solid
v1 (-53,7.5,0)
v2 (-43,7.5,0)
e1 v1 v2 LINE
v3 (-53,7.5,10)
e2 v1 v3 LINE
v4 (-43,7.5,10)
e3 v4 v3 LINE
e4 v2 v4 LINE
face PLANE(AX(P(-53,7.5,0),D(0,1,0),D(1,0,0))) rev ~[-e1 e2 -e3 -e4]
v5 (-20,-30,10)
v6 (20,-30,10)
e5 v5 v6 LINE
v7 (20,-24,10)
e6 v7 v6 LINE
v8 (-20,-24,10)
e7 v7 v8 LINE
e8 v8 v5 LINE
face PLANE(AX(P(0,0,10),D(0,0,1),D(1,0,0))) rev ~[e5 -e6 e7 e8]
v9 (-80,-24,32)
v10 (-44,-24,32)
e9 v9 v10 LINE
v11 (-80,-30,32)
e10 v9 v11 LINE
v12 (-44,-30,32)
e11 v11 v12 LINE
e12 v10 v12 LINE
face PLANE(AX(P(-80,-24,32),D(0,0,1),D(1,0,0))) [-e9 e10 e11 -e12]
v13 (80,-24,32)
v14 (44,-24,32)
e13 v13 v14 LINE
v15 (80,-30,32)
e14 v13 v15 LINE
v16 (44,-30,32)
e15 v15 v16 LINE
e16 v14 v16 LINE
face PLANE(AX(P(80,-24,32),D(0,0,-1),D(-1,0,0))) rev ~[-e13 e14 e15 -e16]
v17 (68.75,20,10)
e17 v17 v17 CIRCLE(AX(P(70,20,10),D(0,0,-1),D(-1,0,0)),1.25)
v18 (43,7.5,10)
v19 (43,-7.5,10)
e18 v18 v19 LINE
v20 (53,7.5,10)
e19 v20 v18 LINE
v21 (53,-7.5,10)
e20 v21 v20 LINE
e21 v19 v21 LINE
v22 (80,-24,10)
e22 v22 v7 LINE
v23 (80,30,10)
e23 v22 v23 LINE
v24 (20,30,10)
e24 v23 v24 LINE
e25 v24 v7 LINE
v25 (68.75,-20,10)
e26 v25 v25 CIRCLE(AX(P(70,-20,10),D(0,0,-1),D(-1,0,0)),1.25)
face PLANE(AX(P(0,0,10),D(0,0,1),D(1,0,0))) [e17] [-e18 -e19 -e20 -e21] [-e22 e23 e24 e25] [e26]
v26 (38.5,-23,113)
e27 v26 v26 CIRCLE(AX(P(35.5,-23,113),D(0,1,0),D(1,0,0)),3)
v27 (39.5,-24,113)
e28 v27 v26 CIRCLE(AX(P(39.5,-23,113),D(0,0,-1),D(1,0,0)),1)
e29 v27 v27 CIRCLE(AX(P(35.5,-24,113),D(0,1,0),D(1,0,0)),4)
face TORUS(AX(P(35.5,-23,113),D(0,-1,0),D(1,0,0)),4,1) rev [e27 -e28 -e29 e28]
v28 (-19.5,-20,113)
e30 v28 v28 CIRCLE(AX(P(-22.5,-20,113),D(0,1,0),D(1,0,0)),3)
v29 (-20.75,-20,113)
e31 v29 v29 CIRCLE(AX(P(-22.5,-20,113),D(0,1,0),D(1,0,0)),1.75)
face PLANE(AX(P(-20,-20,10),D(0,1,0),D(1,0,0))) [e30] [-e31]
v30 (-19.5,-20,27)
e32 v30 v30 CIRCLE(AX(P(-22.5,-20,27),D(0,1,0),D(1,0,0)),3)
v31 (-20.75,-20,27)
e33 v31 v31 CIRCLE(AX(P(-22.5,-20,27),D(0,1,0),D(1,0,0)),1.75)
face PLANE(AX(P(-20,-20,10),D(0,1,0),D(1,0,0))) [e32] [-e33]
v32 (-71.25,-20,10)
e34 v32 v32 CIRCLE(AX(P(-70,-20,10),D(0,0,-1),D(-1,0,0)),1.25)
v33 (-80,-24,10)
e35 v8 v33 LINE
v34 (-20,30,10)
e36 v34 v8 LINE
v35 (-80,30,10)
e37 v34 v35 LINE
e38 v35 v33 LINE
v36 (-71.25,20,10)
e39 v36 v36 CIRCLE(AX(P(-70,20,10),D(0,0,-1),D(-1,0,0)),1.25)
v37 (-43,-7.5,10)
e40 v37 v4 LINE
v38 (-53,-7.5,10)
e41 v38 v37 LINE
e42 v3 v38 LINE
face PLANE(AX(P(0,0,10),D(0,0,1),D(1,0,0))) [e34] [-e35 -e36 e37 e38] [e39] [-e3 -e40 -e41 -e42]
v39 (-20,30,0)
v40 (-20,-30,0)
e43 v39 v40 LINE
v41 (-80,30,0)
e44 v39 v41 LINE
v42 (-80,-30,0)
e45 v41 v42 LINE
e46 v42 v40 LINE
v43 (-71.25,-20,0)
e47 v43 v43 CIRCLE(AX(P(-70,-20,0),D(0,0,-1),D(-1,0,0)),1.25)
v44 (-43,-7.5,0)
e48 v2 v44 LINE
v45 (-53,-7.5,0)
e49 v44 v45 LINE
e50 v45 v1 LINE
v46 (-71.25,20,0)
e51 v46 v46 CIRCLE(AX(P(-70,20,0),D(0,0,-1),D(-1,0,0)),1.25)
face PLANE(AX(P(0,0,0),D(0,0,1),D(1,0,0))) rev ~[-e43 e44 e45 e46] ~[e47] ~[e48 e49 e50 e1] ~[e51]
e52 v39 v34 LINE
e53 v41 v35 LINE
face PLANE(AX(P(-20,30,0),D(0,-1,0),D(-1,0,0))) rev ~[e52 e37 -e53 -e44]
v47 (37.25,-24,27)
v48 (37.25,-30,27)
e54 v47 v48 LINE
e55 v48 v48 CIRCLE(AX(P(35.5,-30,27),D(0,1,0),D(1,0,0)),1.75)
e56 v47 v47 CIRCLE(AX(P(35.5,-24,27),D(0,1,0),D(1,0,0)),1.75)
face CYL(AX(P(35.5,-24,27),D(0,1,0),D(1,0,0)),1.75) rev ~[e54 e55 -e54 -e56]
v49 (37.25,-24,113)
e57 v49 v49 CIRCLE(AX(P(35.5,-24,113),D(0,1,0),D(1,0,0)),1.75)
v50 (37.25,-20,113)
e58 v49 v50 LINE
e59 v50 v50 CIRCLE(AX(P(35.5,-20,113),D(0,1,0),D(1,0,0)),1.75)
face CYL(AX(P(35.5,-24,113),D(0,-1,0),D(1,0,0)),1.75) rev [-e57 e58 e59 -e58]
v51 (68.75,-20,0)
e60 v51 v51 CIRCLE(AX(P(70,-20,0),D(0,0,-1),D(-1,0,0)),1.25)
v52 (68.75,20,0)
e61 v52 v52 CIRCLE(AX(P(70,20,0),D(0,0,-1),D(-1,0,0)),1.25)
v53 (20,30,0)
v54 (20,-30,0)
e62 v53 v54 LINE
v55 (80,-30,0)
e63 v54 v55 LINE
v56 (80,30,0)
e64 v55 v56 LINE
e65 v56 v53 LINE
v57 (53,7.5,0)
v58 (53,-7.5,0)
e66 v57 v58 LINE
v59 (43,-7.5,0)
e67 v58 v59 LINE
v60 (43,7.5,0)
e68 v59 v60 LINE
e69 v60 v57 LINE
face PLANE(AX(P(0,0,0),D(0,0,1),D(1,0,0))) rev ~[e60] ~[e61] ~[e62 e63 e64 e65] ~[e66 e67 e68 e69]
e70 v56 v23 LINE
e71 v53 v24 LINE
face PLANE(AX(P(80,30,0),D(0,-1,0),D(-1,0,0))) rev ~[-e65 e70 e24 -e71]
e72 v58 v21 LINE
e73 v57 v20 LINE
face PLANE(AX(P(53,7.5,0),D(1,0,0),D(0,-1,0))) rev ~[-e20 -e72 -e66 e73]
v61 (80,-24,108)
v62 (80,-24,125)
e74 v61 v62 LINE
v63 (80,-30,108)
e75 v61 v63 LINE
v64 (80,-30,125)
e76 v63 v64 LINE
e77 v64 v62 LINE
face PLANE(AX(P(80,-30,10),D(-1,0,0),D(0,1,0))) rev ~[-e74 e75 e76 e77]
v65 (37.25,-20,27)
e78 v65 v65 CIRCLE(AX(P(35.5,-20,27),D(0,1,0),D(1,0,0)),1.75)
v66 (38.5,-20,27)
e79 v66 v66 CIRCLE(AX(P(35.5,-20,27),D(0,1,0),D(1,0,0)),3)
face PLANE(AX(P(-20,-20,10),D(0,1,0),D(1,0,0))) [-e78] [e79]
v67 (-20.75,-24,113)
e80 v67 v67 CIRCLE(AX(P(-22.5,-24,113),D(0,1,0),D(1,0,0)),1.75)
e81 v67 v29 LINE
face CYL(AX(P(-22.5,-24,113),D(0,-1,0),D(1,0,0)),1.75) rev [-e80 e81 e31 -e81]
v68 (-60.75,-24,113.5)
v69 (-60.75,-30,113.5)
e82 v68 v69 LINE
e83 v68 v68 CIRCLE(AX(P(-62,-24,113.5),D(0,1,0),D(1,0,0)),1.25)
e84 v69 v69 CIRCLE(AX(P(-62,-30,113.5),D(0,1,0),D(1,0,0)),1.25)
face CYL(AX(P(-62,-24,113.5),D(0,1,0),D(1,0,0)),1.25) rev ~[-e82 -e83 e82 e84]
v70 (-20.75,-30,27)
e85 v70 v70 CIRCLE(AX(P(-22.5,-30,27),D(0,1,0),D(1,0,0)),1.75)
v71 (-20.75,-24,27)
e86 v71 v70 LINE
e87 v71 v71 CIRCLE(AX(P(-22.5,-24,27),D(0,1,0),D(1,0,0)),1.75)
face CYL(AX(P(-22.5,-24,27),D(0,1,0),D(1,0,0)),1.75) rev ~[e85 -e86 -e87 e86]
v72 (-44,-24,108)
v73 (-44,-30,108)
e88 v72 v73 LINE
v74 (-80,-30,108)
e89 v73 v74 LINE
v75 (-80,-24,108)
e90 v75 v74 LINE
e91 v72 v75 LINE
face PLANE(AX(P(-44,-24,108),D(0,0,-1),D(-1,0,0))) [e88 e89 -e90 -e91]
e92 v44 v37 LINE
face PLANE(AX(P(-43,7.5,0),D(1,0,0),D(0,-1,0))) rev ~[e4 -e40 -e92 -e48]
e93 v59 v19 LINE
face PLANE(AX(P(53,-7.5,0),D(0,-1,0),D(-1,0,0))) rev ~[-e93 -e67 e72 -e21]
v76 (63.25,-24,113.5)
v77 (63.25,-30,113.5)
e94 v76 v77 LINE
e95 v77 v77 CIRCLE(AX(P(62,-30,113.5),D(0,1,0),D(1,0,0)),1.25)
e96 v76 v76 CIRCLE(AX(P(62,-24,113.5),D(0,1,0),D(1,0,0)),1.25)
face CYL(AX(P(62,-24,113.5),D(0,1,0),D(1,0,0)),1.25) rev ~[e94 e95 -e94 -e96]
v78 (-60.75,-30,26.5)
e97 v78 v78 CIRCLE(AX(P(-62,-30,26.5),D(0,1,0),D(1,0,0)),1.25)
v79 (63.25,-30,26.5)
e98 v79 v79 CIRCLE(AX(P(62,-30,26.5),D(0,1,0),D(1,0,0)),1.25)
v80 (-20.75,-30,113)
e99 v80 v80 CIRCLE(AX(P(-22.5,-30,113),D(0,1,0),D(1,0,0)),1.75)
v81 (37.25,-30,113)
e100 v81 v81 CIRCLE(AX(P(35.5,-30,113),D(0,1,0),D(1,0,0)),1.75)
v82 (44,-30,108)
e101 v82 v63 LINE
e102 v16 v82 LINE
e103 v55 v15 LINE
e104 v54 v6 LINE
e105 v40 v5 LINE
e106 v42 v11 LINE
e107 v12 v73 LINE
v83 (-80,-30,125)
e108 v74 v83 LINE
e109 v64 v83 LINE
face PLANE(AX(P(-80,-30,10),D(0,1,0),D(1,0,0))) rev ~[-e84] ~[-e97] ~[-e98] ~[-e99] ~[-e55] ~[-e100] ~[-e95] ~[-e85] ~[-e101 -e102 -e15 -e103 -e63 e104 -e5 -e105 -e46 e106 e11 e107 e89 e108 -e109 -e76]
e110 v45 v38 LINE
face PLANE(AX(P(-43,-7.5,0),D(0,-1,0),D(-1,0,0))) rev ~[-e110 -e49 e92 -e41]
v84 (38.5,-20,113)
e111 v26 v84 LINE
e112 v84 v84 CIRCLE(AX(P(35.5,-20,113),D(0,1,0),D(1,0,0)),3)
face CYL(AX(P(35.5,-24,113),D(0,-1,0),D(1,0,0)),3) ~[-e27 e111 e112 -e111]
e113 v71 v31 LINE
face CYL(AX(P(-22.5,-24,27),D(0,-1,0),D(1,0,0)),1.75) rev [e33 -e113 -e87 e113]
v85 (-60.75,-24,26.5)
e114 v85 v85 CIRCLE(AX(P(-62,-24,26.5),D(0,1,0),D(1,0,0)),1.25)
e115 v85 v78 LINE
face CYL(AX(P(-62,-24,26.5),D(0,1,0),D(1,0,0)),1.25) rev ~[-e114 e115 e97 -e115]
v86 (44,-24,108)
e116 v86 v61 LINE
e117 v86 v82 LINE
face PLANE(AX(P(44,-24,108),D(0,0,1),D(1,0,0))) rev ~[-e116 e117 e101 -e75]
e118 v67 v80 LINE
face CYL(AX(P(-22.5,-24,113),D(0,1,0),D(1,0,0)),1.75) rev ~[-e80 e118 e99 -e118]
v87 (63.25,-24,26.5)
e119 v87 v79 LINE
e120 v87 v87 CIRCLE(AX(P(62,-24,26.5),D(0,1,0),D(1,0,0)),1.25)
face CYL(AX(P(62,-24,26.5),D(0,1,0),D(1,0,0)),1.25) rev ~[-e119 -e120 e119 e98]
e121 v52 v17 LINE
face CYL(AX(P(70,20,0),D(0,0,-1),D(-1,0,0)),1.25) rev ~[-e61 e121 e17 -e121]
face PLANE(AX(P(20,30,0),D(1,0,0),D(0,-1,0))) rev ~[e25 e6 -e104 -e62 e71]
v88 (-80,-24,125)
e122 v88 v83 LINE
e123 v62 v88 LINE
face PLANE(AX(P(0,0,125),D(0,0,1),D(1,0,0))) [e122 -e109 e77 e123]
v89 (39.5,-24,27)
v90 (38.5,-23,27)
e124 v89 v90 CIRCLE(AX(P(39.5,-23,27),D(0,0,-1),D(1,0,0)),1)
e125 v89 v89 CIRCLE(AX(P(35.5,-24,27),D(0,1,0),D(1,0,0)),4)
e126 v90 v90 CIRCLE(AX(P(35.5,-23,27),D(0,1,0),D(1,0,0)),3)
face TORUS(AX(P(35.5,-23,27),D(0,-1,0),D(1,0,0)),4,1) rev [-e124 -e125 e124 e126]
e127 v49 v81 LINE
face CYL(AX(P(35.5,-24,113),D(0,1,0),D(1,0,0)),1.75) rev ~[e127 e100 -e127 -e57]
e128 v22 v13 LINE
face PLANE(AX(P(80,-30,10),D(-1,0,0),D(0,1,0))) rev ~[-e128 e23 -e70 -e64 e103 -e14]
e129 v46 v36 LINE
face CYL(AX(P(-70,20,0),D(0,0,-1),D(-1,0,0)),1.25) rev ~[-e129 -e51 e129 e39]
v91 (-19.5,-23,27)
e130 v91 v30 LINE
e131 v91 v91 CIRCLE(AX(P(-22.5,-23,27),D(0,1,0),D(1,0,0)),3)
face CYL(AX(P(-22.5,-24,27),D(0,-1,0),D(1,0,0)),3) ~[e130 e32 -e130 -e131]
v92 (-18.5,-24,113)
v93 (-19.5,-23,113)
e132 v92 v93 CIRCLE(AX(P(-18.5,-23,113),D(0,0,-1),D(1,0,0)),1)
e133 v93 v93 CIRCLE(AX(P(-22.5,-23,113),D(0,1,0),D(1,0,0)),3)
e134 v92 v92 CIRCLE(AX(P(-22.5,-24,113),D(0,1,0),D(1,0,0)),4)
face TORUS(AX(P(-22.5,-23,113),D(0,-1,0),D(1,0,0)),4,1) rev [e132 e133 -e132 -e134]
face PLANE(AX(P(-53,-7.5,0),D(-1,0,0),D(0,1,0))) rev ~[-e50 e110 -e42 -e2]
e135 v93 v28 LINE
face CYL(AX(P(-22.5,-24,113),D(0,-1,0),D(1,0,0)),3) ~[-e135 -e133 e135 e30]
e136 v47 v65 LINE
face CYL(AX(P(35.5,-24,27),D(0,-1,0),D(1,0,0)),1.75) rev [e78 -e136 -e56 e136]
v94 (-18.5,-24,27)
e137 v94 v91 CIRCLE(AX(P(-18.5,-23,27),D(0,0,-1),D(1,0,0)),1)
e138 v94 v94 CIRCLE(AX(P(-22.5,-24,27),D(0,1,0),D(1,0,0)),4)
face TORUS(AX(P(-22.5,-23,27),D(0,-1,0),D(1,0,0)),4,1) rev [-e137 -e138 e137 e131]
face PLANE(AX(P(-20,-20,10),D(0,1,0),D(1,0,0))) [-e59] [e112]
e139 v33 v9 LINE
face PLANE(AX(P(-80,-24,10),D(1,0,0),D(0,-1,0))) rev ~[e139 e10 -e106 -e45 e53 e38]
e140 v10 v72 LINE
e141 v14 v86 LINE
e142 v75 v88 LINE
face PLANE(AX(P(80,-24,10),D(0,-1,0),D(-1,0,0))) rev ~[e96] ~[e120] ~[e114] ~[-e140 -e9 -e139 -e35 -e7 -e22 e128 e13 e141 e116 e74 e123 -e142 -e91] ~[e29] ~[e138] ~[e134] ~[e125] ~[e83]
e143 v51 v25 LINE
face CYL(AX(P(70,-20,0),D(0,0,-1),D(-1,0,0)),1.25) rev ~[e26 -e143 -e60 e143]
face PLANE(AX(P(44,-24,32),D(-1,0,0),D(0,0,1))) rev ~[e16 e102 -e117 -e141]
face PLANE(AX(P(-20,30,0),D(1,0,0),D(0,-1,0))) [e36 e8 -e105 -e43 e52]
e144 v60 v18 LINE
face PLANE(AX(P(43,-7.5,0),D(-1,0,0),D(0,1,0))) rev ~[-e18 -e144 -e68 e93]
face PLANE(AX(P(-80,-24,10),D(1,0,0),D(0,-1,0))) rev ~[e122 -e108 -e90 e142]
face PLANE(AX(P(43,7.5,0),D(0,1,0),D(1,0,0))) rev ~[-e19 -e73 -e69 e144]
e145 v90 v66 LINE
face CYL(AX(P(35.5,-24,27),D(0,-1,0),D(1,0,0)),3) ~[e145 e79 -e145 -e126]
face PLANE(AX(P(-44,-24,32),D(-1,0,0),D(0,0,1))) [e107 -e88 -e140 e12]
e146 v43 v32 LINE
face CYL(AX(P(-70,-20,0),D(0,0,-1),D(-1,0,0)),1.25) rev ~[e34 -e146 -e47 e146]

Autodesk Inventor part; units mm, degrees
ref_plane "YZ Plane" through (0, 0, 0) normal (1, 0, 0) x (0, 1, 0)
ref_plane "XZ Plane" through (0, 0, 0) normal (0, 1, 0) x (-1, 0, 0)
ref_plane "XY Plane" through (0, 0, 0) normal (0, 0, 1) x (1, 0, 0)
sketch "Sketch1" plane through (0, 0, 0) normal (0, 0, 1) x (1, 0, 0)
  line L0 (80, 30) -> (-80, 30)
  line L1 (-80, 30) -> (-80, -30)
  line L2 (-80, -30) -> (80, -30)
  line L3 (80, -30) -> (80, 30)
  line L4 (80, 30) -> (-80, -30) construction
  line L5 (-80, 30) -> (80, -30) construction
  line L6 (-20, -30) -> (-80, -30)
  line L7 (-80, -30) -> (-80, 30)
  line L8 (-80, 30) -> (-20, 30)
  line L9 (-20, 30) -> (-20, -30)
  line L10 (-20, -30) -> (-80, 30) construction
  line L11 (-80, -30) -> (-20, 30) construction
  line L12 (20, -30) -> (80, -30)
  line L13 (80, -30) -> (80, 30)
  line L14 (80, 30) -> (20, 30)
  line L15 (20, 30) -> (20, -30)
  line L16 (20, -30) -> (80, 30) construction
  line L17 (80, -30) -> (20, 30) construction
  line L18 (0, 30) -> (0, -30) construction
  point P0 (0, 0)
  point P1 (-50, 0)
  point P2 (50, 0)
  point P3 (20, 30)
  point P4 (20, -30)
  point P5 (-20, -30)
  point P6 (-20, 30)
  dimension "d0" = 160
  dimension "d1" = 60
  dimension "d2" = 40
extrude "Extrusion1" add sketch "Sketch1" along normal blind 10 contours L3 L2 L15 L0 | L9 L2 L1 L0
sketch "Sketch2" plane through (0, 0, 10) normal (0, 0, 1) x (1, 0, 0)
  line L0 (-80, -30) -> (-20, -30) projected
  line L1 (80, -24) -> (-80, -24)
  line L2 (-80, -24) -> (-80, -30)
  line L3 (-80, -30) -> (80, -30)
  line L4 (80, -30) -> (80, -24)
  line L5 (80, -24) -> (-80, -30) construction
  line L6 (-80, -24) -> (80, -30) construction
  line L7 (80, -30) -> (80, 30) projected
  point P0 (0, 0)
  point P1 (0, -27)
  dimension "d5" = 6
extrude "Extrusion2" add sketch "Sketch2" along normal blind 115
sketch "Sketch3" plane through (0, 0, 0) normal (0, 0, -1) x (-1, 0, 0)
  line L0 (53, 7.5) -> (43, 7.5)
  line L1 (43, 7.5) -> (43, -7.5)
  line L2 (43, -7.5) -> (53, -7.5)
  line L3 (53, -7.5) -> (53, 7.5)
  line L4 (53, 7.5) -> (43, -7.5) construction
  line L5 (43, 7.5) -> (53, -7.5) construction
  line L6 (-43, 7.5) -> (-53, 7.5)
  line L7 (-53, 7.5) -> (-53, -7.5)
  line L8 (-53, -7.5) -> (-43, -7.5)
  line L9 (-43, -7.5) -> (-43, 7.5)
  line L10 (-43, 7.5) -> (-53, -7.5) construction
  line L11 (-53, 7.5) -> (-43, -7.5) construction
  line L12 (80, -30) -> (-80, -30) construction
  line L13 (0, -30) -> (0, 0) construction
  point P0 (48, 0)
  point P1 (-48, 0)
  point P2 (48, 0)
  dimension "d8" = 10
  dimension "d9" = 15
  dimension "d10" = 48
extrude "Extrusion3" cut sketch "Sketch3" against normal through all
sketch "Sketch4" plane through (0, 0, 0) normal (0, 0, -1) x (-1, 0, 0)
  line L0 (-70, -20) -> (70, -20) construction
  line L1 (70, -20) -> (70, 20) construction
  line L2 (70, 20) -> (-70, 20) construction
  line L3 (-70, 20) -> (-70, -20) construction
  line L4 (-70, -20) -> (70, 20) construction
  line L5 (70, -20) -> (-70, 20) construction
  circle A0 centre (70, 20) radius 1.25
  circle A1 centre (-70, 20) radius 1.25
  circle A2 centre (-70, -20) radius 1.25
  circle A3 centre (70, -20) radius 1.25
  point P0 (0, 0)
  dimension "d13" = 140
  dimension "d14" = 40
  dimension "d16" = 2.5
extrude "Extrusion4" cut sketch "Sketch4" against normal through all
sketch "Sketch5" plane through (-20, -24, 10) normal (0, 1, 0) x (1, 0, 0)
  line L0 (59.5, -13) -> (-19.5, -13) construction
  line L1 (-19.5, -13) -> (-19.5, -113) construction
  line L2 (-19.5, -113) -> (59.5, -113) construction
  line L3 (59.5, -113) -> (59.5, -13) construction
  line L4 (59.5, -13) -> (-19.5, -113) construction
  line L5 (-19.5, -13) -> (59.5, -113) construction
  line L6 (100, -115) -> (-60, -115) construction
  line L7 (55.5, -17) -> (-2.5, -17) construction
  line L8 (-2.5, -17) -> (-2.5, -103) construction
  line L9 (-2.5, -103) -> (55.5, -103) construction
  line L10 (55.5, -103) -> (55.5, -17) construction
  line L11 (55.5, -17) -> (-2.5, -103) construction
  line L12 (-2.5, -17) -> (55.5, -103) construction
  circle A0 centre (-2.5, -17) radius 1.75
  circle A1 centre (55.5, -17) radius 1.75
  circle A2 centre (-2.5, -103) radius 1.75
  circle A3 centre (55.5, -103) radius 1.75
  line L13 (-60, -22) -> (-24, -22)
  line L14 (-24, -22) -> (-24, -98)
  line L15 (-24, -98) -> (-60, -98)
  line L16 (-60, -98) -> (-60, -22)
  line L17 (-60, -22) -> (-24, -98) construction
  line L18 (-24, -22) -> (-60, -98) construction
  line L19 (100, -22) -> (64, -22)
  line L20 (64, -22) -> (64, -98)
  line L21 (64, -98) -> (100, -98)
  line L22 (100, -98) -> (100, -22)
  line L23 (100, -22) -> (64, -98) construction
  line L24 (64, -22) -> (100, -98) construction
  line L25 (20, 10) -> (20, -115) construction
  line L26 (-60, 0) -> (-60, -115) construction
  circle A4 centre (-42, -16.5) radius 1.25
  circle A5 centre (-42, -103.5) radius 1.25
  circle A6 centre (82, -16.5) radius 1.25
  circle A7 centre (82, -103.5) radius 1.25
  line L27 (-60, 10) -> (-60, -115) construction
  line L28 (0, 0) -> (-60, 0) projected
  circle A8 centre (-2.5, -17) radius 3
  circle A9 centre (55.5, -17) radius 3
  circle A10 centre (-2.5, -103) radius 3
  circle A11 centre (55.5, -103) radius 3
  point P0 (20, -63)
  point P1 (20, -63)
  point P2 (26.5, -60)
  point P3 (20, -63)
  point P4 (26.5, -60)
  point P5 (-42, -60)
  point P6 (82, -60)
  point P7 (-42, -60)
  point P8 (82, -60)
  point P9 (-42, -60)
  point P10 (82, -60)
  dimension "d20" = 79
  dimension "d21" = 100
  dimension "d22" = 58
  dimension "d23" = 86
  dimension "d26" = 4
  dimension "d27" = 4
  dimension "d28" = 3.5
  dimension "d31" = 36
  dimension "d32" = 76
  dimension "d36" = 2.5
  dimension "d39" = 13
  dimension "d42" = 4.5
  dimension "d45" = 6
  dimension "d50" = 43.5
  dimension "d51" = 43.5
  dimension "d52" = 55
extrude "Extrusion5" cut sketch "Sketch5" against normal through all contours A0 | A1 | A2 | A3
extrude "Extrusion6" cut sketch "Sketch5" against normal through all contours L13 L14 L15 L16 | L22 L21 L20 L19
extrude "Extrusion7" cut sketch "Sketch5" against normal through all contours A4 | A5 | A6 | A7
extrude "Extrusion8" add sketch "Sketch5" along normal blind 4 contours A8 | A9 | A10 | A11
fillet "Fillet1" radius 1 4 edges at (-25.5, -24, 27) (32.5, -24, 27) (-25.5, -24, 113) (32.5, -24, 113)
properties part number "electrical_system_fix_board"
